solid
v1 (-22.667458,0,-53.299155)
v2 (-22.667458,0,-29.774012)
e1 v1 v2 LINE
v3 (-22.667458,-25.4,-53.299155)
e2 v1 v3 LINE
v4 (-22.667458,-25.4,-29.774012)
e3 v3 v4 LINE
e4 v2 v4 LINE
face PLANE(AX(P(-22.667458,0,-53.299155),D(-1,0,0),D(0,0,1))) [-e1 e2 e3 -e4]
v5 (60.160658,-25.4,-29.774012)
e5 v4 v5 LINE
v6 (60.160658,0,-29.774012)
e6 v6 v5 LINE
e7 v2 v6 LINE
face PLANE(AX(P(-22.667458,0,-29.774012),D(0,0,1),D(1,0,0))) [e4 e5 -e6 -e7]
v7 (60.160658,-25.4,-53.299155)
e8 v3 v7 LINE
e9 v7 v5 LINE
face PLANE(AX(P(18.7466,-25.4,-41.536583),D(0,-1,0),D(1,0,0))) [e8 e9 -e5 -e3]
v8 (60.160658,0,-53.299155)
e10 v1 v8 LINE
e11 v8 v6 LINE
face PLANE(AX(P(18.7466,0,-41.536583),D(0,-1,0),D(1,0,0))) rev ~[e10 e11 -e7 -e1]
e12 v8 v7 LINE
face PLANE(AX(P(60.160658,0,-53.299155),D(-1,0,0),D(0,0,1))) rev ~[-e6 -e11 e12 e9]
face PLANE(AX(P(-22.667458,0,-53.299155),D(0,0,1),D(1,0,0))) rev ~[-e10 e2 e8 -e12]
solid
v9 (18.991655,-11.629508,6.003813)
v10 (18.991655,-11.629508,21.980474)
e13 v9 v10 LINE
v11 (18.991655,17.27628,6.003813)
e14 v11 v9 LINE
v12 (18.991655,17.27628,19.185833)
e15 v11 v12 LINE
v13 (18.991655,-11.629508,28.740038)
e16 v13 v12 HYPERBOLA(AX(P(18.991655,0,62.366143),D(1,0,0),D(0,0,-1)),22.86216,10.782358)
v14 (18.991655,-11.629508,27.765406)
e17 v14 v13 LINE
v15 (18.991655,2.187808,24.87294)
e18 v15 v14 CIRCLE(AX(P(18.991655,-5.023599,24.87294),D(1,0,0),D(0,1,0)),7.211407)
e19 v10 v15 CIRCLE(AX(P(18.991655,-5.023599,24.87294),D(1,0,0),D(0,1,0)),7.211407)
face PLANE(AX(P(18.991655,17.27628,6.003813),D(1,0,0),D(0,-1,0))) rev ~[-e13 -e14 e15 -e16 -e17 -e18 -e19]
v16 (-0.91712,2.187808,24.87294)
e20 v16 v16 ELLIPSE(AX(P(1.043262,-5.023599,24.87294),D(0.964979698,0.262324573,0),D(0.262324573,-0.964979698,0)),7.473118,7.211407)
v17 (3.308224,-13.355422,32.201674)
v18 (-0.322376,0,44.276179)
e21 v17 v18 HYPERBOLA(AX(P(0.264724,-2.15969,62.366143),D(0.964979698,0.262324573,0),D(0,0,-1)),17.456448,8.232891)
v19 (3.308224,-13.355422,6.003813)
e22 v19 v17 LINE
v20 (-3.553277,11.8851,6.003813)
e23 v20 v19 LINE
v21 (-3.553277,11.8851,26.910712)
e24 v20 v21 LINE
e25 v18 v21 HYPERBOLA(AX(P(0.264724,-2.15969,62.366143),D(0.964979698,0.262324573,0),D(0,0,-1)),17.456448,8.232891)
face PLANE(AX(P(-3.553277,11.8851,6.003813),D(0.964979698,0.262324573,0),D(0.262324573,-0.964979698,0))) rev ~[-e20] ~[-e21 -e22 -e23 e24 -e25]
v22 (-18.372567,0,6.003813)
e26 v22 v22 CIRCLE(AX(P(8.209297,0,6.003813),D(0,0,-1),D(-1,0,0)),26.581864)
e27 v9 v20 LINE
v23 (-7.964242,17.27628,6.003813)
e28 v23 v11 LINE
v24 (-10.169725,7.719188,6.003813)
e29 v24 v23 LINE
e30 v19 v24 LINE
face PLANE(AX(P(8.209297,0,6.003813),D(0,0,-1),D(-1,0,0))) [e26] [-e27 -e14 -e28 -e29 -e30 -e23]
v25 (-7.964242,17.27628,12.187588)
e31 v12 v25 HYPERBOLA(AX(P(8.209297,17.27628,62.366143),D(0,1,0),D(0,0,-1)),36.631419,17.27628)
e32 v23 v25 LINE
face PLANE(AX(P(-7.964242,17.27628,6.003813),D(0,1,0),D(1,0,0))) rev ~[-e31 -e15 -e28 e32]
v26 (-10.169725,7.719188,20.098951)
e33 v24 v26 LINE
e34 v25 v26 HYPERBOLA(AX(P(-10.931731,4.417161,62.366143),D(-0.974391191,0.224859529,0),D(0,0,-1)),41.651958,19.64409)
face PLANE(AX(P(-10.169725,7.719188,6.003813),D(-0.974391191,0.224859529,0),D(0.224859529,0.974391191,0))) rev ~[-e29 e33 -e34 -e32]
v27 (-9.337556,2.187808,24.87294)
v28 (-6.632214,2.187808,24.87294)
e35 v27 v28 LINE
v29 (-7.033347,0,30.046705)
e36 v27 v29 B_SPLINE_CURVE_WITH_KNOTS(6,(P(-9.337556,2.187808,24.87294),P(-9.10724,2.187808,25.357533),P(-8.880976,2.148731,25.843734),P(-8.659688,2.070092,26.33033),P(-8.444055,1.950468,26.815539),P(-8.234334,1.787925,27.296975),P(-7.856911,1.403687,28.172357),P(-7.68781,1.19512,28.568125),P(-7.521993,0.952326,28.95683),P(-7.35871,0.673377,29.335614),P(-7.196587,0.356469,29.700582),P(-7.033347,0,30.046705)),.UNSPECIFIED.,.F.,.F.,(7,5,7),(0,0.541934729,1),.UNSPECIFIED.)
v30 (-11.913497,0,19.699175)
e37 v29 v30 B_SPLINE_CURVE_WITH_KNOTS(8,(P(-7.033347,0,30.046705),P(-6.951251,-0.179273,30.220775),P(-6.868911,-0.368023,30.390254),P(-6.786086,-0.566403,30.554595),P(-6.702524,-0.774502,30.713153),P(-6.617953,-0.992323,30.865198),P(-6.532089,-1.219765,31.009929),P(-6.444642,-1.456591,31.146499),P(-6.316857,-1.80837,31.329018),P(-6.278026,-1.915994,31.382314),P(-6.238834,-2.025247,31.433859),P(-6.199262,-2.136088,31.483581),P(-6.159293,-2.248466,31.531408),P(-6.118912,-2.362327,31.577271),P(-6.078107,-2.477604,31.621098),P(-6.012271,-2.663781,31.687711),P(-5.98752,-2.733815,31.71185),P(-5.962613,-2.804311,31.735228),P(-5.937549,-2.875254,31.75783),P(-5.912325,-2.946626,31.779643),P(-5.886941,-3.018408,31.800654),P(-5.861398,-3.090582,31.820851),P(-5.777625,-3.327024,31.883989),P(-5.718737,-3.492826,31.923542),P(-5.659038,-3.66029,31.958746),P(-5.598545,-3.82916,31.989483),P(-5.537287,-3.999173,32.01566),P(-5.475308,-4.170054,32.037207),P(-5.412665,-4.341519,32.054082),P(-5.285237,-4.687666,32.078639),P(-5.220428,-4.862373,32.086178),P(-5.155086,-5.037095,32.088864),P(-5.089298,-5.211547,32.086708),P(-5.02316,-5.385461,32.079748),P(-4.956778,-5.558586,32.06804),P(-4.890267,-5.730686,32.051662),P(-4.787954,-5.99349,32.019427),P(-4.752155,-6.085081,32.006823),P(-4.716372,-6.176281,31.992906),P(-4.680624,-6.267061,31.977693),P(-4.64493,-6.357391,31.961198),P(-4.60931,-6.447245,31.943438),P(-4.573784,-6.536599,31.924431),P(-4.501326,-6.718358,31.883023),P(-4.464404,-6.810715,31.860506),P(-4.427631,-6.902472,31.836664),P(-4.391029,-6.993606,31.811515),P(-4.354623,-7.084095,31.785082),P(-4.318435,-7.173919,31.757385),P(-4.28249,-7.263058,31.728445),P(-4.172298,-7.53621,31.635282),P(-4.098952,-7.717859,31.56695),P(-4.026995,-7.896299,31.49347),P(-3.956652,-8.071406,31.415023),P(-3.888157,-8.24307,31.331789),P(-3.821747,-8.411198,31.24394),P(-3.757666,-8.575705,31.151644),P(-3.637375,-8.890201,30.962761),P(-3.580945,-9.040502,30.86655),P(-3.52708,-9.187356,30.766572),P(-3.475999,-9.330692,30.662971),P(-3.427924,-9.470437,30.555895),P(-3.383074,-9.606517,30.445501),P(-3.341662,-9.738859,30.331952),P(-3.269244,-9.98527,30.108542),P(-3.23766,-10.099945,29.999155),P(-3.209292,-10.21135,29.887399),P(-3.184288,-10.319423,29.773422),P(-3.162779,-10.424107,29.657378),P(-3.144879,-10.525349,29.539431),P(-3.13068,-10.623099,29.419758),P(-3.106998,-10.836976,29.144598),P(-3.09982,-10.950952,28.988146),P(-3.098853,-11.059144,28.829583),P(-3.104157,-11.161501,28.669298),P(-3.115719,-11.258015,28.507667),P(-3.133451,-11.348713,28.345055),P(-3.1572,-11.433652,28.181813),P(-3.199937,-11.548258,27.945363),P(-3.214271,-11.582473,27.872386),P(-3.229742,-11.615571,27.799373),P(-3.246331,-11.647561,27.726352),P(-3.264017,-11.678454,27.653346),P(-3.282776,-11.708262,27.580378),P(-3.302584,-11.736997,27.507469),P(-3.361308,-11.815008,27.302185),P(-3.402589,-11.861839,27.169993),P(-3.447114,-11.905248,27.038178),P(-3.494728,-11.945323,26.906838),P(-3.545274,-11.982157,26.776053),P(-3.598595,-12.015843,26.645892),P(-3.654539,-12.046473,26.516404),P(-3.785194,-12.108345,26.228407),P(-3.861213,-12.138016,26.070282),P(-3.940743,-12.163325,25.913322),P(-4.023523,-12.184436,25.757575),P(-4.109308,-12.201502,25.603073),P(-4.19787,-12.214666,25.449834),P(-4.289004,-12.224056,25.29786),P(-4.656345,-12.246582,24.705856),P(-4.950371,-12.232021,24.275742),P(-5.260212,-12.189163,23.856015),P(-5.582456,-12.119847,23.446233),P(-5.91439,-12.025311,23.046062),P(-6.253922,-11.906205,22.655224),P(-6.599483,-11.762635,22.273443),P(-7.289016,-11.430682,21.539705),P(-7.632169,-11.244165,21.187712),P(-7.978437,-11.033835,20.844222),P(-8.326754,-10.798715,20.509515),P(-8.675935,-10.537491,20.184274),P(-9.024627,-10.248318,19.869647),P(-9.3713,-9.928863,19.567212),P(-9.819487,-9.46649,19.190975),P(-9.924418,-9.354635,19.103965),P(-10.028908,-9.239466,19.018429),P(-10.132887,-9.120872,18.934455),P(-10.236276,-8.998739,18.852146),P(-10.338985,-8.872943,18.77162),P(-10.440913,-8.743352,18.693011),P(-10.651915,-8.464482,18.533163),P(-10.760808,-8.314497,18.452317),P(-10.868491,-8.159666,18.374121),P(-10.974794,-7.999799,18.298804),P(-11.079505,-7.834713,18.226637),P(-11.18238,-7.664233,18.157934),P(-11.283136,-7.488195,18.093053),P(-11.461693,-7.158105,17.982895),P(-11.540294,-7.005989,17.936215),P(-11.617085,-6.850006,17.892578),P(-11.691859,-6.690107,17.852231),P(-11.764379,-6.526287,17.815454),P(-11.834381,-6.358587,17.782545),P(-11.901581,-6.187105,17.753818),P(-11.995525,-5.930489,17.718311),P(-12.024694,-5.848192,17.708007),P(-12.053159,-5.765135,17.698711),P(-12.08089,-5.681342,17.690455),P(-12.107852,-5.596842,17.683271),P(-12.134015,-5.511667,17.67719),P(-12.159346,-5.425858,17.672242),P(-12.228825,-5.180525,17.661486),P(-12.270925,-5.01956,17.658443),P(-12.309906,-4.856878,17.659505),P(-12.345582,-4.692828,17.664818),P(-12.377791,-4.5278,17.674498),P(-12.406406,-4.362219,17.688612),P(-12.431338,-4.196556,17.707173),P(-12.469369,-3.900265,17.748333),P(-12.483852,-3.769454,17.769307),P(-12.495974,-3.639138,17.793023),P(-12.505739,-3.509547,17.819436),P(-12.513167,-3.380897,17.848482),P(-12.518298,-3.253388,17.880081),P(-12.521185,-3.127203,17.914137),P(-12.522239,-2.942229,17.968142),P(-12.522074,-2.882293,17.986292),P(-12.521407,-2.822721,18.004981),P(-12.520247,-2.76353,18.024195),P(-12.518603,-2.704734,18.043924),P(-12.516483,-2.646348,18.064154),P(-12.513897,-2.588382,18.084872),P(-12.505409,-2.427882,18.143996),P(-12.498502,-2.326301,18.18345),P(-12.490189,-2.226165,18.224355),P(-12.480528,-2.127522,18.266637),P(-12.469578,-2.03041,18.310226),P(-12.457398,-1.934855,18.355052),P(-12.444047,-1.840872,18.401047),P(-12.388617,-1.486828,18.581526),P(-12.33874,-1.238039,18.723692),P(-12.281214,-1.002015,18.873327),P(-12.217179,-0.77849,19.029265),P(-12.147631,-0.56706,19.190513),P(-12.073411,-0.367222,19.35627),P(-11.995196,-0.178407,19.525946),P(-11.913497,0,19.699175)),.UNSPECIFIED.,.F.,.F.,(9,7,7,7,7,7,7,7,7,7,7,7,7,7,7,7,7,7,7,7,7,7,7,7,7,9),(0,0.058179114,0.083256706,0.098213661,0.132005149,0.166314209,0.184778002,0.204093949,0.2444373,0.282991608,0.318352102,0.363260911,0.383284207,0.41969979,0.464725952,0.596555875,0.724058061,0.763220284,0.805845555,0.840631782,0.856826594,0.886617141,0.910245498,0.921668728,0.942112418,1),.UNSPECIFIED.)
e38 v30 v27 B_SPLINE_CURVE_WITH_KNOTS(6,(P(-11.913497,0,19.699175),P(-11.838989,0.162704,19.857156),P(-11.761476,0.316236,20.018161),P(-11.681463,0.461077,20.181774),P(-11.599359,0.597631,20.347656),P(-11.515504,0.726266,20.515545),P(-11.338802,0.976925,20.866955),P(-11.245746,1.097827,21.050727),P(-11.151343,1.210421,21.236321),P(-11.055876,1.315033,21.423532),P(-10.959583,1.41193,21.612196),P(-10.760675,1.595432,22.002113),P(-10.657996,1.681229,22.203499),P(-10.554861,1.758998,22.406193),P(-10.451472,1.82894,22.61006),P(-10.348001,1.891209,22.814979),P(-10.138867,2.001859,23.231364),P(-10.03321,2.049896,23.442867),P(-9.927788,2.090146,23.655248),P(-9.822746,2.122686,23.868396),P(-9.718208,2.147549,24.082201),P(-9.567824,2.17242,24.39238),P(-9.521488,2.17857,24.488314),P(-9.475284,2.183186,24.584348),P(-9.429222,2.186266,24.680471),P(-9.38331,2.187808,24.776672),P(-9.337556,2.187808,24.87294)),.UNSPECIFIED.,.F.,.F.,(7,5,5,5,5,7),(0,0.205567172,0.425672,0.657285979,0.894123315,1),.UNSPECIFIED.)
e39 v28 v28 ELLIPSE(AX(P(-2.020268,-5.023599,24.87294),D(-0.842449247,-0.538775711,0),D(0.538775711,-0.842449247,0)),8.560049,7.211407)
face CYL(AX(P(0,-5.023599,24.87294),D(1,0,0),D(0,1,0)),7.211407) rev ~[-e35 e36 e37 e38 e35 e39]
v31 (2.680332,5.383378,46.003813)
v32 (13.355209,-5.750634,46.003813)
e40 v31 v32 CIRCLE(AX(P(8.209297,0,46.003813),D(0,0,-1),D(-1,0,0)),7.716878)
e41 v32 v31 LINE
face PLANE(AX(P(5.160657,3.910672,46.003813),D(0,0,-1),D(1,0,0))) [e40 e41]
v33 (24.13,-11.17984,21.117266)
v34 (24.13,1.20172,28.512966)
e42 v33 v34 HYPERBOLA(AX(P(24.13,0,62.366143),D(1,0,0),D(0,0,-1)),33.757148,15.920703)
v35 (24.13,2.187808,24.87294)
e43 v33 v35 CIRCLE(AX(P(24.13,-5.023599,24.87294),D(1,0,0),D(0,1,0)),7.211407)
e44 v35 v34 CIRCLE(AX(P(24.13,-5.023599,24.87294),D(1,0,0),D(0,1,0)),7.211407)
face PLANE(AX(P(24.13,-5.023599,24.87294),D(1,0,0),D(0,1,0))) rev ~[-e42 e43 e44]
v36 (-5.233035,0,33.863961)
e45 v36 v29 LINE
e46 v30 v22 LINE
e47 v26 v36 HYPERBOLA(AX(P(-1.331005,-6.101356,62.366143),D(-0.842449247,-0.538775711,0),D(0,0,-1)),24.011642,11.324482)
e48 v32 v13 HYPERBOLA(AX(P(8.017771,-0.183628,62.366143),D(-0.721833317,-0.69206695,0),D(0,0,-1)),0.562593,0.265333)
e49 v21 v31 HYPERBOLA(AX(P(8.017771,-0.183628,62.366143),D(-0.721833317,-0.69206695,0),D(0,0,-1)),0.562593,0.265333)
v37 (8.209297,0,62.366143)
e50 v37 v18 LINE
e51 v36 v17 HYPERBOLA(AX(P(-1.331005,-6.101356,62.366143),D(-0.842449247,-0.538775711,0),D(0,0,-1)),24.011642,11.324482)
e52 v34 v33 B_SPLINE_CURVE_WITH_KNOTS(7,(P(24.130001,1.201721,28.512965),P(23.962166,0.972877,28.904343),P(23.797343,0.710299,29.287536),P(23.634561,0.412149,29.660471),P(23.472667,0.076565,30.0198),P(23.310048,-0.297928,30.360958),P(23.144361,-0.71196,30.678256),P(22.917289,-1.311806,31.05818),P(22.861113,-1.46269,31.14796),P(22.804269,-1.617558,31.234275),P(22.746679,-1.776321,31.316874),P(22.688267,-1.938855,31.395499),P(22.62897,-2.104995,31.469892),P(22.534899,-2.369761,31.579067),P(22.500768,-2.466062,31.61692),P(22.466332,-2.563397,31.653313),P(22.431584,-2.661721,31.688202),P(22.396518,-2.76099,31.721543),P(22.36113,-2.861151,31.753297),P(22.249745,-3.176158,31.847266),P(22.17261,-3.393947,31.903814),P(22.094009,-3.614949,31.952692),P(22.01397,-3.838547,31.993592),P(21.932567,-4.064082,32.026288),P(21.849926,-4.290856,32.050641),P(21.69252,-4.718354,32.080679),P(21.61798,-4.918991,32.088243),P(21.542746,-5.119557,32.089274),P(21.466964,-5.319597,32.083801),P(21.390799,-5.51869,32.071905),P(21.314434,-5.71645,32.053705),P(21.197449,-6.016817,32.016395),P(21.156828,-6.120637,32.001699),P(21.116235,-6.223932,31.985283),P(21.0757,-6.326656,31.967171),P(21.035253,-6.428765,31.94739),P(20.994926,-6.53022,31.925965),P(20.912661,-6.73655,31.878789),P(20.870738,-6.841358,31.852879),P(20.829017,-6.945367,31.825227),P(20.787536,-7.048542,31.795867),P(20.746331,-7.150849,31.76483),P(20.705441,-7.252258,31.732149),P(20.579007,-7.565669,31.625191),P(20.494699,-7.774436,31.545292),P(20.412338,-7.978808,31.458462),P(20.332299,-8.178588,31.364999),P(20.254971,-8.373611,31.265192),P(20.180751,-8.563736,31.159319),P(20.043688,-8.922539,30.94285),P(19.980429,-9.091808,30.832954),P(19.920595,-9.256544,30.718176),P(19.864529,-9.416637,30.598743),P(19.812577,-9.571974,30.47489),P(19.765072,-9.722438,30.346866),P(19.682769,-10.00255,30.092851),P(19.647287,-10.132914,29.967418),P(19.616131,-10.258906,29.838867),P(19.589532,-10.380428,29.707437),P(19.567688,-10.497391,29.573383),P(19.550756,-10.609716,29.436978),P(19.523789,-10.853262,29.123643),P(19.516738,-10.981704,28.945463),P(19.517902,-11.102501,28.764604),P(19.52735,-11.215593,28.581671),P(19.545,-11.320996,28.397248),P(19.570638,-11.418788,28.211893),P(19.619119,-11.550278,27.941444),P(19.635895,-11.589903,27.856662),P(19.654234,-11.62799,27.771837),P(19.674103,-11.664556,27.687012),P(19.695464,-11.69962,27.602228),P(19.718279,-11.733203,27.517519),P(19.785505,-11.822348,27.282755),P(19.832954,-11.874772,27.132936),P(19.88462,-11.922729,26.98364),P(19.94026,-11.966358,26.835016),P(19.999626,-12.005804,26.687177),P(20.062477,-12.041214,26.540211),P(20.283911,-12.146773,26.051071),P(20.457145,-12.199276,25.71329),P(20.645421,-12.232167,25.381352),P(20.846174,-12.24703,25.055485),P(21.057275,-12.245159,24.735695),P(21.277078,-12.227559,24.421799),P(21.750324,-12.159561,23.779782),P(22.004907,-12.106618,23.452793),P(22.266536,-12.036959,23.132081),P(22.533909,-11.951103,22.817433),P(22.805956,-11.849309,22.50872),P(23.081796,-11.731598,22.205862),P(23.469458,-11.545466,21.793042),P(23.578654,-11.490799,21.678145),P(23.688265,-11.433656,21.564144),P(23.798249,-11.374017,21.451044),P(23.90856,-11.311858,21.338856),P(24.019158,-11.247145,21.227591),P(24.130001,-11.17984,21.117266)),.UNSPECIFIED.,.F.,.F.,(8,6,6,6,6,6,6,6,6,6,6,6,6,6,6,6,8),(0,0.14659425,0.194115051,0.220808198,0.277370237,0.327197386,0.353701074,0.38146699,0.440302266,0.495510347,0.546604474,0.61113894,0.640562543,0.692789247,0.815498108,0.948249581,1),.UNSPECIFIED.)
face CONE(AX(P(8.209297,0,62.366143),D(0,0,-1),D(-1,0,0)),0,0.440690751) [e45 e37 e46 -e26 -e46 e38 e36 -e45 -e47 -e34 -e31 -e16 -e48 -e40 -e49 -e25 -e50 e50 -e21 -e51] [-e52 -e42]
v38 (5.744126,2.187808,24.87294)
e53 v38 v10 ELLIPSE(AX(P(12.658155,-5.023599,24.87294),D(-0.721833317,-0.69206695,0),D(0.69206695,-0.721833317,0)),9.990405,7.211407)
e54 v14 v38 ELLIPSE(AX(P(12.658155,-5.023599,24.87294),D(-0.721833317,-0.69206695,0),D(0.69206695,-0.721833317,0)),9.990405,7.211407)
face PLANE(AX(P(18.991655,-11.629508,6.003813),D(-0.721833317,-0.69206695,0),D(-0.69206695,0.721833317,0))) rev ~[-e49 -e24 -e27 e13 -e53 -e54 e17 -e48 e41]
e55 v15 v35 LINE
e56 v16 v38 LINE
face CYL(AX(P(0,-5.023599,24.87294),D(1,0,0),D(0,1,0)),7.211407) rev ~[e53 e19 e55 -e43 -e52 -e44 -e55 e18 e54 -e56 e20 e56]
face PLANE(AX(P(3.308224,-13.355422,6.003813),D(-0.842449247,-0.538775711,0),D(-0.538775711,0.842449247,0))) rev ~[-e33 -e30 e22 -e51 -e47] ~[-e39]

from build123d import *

# Parameters (mm, degrees)
F2_W     = 82.828117
F2_H     = 23.525143
F3_DEPTH = 25.4
F4_R     = 7.211407
F5_DEPTH = 24.13
F7_DEPTH = 40


with BuildPart() as f1:
    # F0 (on Front) → F1 (revolve)
    with BuildSketch(Plane.XZ):
        Polygon((8.209297, 6.003813), (8.209297, 62.366143), (-18.372567, 6.003813), align=None)
    revolve(axis=Axis((8.209297, 0, 34.184978), (0, 0, -1)))

    # F4 (on Right) → F5 (cut, symmetric)
    with BuildSketch(Plane.YZ):
        with Locations((-5.023599, 24.87294)):
            Circle(F4_R)
    extrude(amount=F5_DEPTH, both=True, mode=Mode.SUBTRACT)

    # F6 (on face) → F7 (cut)
    with BuildSketch(Plane(origin=(0, 0, 6.003813), x_dir=(1, 0, 0), z_dir=(0, 0, -1))):
        Polygon((-7.964242, -17.27628), (0, -17.27628), (18.991655, -17.27628), (18.991655, 11.629508), (-3.553277, -11.8851), (3.308224, 13.355422), (-10.169725, -7.719188), align=None)
    extrude(amount=-F7_DEPTH, mode=Mode.SUBTRACT)


with BuildPart() as f3:
    # F2 (on Front) → F3 (new body)
    with BuildSketch(Plane.XZ):
        with Locations((18.7466, -41.536583)):
            Rectangle(F2_W, F2_H)
    extrude(amount=F3_DEPTH)


solid = Compound([f1.part, f3.part])
